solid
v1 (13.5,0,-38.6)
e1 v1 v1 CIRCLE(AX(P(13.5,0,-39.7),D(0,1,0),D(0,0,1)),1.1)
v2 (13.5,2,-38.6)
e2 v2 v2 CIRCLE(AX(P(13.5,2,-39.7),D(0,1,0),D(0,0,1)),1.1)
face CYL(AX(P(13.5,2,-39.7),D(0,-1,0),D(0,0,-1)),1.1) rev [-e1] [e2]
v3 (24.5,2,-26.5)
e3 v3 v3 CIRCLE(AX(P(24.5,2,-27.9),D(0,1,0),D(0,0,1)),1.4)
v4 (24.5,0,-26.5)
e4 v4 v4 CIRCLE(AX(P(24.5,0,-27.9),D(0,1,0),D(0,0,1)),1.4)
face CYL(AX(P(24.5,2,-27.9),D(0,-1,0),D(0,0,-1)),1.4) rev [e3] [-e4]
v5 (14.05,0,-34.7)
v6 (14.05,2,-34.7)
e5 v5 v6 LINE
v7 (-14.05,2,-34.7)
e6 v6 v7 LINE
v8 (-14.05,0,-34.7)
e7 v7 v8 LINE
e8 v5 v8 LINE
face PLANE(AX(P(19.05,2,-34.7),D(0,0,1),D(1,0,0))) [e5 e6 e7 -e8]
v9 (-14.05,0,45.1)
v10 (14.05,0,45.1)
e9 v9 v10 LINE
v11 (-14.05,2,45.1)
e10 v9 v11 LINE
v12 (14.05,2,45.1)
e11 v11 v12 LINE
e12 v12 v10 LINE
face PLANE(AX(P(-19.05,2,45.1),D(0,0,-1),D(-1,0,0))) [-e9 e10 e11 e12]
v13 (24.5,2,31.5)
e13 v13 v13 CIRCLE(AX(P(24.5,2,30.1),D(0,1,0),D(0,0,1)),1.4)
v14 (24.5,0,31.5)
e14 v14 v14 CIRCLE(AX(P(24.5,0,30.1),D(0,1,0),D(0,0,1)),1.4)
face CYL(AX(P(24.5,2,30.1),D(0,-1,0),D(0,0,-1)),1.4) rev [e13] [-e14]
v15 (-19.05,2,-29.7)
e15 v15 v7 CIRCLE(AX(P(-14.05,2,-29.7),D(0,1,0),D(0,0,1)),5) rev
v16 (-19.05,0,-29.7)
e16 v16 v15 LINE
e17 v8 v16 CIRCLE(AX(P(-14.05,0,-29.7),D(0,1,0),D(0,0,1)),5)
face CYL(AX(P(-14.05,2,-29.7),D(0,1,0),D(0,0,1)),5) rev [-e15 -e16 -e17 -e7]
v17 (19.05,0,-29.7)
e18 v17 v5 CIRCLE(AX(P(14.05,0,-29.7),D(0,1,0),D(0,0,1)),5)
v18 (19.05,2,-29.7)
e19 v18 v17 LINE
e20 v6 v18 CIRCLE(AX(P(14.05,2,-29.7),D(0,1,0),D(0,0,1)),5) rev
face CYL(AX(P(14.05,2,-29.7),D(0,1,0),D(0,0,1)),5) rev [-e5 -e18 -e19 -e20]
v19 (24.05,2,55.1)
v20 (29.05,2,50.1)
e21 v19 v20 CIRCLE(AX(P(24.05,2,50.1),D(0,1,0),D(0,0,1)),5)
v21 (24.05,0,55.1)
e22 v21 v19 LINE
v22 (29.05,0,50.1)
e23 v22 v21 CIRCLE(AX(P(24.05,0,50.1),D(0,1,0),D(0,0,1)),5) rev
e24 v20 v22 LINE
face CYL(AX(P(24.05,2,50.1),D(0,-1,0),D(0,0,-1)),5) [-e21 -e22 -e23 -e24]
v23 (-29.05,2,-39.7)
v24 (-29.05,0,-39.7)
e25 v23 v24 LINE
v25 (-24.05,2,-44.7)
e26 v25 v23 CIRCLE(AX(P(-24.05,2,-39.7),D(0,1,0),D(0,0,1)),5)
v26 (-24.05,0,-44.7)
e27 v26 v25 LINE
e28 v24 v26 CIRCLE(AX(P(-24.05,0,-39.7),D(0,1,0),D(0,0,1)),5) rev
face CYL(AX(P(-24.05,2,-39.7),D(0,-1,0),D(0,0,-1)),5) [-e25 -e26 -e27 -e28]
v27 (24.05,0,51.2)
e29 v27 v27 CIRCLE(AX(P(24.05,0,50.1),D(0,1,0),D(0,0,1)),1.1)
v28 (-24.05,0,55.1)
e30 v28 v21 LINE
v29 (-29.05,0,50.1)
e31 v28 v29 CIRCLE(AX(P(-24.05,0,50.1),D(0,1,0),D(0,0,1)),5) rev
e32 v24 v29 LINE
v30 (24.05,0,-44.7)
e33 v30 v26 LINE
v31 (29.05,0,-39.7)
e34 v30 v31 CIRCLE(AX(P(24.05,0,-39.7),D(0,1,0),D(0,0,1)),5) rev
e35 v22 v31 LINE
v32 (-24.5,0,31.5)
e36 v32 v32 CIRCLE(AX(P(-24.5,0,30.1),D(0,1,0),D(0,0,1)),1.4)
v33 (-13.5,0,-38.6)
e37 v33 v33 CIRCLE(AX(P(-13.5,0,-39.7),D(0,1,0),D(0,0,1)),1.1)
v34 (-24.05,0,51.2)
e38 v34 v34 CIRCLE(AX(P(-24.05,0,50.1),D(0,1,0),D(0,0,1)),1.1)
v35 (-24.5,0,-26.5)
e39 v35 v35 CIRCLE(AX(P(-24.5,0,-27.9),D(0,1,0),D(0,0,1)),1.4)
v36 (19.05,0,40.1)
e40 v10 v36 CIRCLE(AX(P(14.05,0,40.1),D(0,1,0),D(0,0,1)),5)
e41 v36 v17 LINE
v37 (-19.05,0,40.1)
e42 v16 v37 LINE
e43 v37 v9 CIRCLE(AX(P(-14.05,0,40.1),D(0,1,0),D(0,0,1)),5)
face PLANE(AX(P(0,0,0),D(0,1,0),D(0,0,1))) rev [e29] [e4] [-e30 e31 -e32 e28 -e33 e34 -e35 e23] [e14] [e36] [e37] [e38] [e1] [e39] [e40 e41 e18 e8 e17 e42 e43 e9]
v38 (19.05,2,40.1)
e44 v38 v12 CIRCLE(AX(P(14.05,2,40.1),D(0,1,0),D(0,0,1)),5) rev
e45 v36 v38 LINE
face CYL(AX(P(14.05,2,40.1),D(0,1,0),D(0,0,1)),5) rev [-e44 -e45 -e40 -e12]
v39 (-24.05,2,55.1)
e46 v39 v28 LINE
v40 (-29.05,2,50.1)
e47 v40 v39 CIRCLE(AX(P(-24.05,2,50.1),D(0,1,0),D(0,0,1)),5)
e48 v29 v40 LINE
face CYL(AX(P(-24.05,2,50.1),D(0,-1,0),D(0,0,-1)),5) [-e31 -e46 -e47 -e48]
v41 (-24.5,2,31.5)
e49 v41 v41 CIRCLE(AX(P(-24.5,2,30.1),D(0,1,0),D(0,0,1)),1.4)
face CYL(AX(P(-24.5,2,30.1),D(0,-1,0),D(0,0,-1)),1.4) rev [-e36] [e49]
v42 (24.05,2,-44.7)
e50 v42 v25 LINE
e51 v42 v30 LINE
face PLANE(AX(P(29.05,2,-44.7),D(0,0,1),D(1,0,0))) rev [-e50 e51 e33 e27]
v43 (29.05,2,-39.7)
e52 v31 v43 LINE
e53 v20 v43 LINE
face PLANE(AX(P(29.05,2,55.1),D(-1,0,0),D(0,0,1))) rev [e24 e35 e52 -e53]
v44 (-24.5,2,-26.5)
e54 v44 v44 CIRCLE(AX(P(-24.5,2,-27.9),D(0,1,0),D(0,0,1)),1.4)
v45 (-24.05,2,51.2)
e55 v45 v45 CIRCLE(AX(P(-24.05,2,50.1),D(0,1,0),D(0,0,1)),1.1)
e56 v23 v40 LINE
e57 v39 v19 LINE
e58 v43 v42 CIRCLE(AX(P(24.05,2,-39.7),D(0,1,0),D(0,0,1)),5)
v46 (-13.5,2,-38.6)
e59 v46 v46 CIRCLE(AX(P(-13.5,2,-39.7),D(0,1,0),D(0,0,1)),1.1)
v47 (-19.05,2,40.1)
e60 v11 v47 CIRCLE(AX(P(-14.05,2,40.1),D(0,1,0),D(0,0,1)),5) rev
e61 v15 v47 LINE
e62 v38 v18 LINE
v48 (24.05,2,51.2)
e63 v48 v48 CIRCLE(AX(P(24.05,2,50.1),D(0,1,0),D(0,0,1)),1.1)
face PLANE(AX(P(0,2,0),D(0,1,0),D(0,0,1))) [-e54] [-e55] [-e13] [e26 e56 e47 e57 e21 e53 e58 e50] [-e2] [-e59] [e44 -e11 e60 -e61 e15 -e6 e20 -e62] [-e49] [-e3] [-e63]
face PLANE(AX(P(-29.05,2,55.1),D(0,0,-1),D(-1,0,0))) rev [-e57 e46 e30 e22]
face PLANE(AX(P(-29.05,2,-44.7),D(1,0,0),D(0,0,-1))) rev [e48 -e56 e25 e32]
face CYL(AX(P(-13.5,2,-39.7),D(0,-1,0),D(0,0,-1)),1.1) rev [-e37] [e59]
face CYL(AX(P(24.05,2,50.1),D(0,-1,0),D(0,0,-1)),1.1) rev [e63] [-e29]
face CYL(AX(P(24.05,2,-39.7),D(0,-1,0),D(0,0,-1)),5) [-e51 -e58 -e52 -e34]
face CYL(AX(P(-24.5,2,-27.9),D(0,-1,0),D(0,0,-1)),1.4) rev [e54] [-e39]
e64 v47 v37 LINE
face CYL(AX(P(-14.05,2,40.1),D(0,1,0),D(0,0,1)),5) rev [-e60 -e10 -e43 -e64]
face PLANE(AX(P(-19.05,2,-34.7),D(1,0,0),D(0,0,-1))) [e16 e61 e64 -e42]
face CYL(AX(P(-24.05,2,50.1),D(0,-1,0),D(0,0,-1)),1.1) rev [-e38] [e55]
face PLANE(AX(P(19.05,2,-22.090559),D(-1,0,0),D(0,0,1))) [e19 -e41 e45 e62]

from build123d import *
from build123d.topology import SkipClean

# Parameters (mm, degrees)
SKETCH3_W           = 58.1
SKETCH3_H           = 99.8
SKETCH3_R           = 1.1
SKETCH3_R_2         = 0.95
SKETCH3_R_3         = 1.4
BOSS_EXTRUDE1_DEPTH = 2
FILLET1_R           = 5
FILLET2_R           = 3
FILLET3_R           = 10
BOSS_EXTRUDE2_START = 1
SKETCH4_R           = 1.6
SKETCH4_R_2         = 0.95
BOSS_EXTRUDE2_DEPTH = 1
SKETCH5_W           = 38.1
SKETCH5_H           = 61.132694782
CUT_EXTRUDE1_DEPTH  = 63.361145756


with BuildPart() as part:
    # Sketch3 → Boss-Extrude1 (new body)
    with BuildSketch(Plane(origin=(0, 0, 0), x_dir=(1, 0, 0), z_dir=(0, 1, 0))):
        with Locations((0, -5.2)):
            Rectangle(SKETCH3_W, SKETCH3_H)
        with Locations(Location((24.05, -50.1, 0), (0, 0, 270))):
            Circle(SKETCH3_R, mode=Mode.SUBTRACT)
        with Locations(Location((-10.3, -10.3, 0), (0, 0, 270))):
            Circle(SKETCH3_R_2, mode=Mode.SUBTRACT)
        with Locations(Location((13.5, 39.7, 0), (0, 0, 270))):
            Circle(SKETCH3_R, mode=Mode.SUBTRACT)
        with Locations(Location((-13.5, 39.7, 0), (0, 0, 270))):
            Circle(SKETCH3_R, mode=Mode.SUBTRACT)
        with Locations(Location((-24.05, -50.1, 0), (0, 0, 270))):
            Circle(SKETCH3_R, mode=Mode.SUBTRACT)
        with Locations(Location((-24.5, 27.9, 0), (0, 0, 270))):
            Circle(SKETCH3_R_3, mode=Mode.SUBTRACT)
        with Locations(Location((24.5, 27.9, 0), (0, 0, 270))):
            Circle(SKETCH3_R_3, mode=Mode.SUBTRACT)
        with Locations(Location((10.3, 10.3, 0), (0, 0, 270))):
            Circle(SKETCH3_R_2, mode=Mode.SUBTRACT)
        with Locations(Location((10.3, -10.3, 0), (0, 0, 270))):
            Circle(SKETCH3_R_2, mode=Mode.SUBTRACT)
        with Locations(Location((-10.3, 10.3, 0), (0, 0, 270))):
            Circle(SKETCH3_R_2, mode=Mode.SUBTRACT)
        with Locations(Location((-24.5, -30.1, 0), (0, 0, 270))):
            Circle(SKETCH3_R_3, mode=Mode.SUBTRACT)
        with Locations(Location((24.5, -30.1, 0), (0, 0, 270))):
            Circle(SKETCH3_R_3, mode=Mode.SUBTRACT)
        with BuildLine():
            Line((19.05, -45.1), (19.05, -22.090559159))
            Line((19.05, -22.090559159), (8.77972042, -11.82027958))
            ThreePointArc((8.77972042, -11.82027958), (8.77972042, -8.77972042), (11.82027958, -8.77972042))
            Line((11.82027958, -8.77972042), (19.05, -16.009440841))
            Line((19.05, -16.009440841), (19.05, 16.009440841))
            Line((19.05, 16.009440841), (11.82027958, 8.77972042))
            ThreePointArc((11.82027958, 8.77972042), (8.77972042, 8.77972042), (8.77972042, 11.82027958))
            Line((8.77972042, 11.82027958), (19.05, 22.090559159))
            Line((19.05, 22.090559159), (19.05, 34.7))
            Line((19.05, 34.7), (-19.05, 34.7))
            Line((-19.05, 34.7), (-19.05, 22.090559159))
            Line((-19.05, 22.090559159), (-8.77972042, 11.82027958))
            ThreePointArc((-8.77972042, 11.82027958), (-8.77972042, 8.77972042), (-11.82027958, 8.77972042))
            Line((-11.82027958, 8.77972042), (-19.05, 16.009440841))
            Line((-19.05, 16.009440841), (-19.05, -16.009440841))
            Line((-19.05, -16.009440841), (-11.82027958, -8.77972042))
            ThreePointArc((-11.82027958, -8.77972042), (-8.77972042, -8.77972042), (-8.77972042, -11.82027958))
            Line((-8.77972042, -11.82027958), (-19.05, -22.090559159))
            Line((-19.05, -22.090559159), (-19.05, -45.1))
            Line((-19.05, -45.1), (19.05, -45.1))
        make_face(mode=Mode.SUBTRACT)
    extrude(amount=BOSS_EXTRUDE1_DEPTH)

    # Fillet1
    fillet1_edges = [part.edges().sort_by_distance(p)[0] for p in [
        (19.05, 1, -34.7),
        (-19.05, 1, -34.7),
        (-19.05, 1, 45.1),
        (19.05, 1, 45.1),
        (29.05, 1, -44.7),
        (29.05, 1, 55.1),
        (-29.05, 1, 55.1),
        (-29.05, 1, -44.7),
    ]]
    fillet(fillet1_edges, radius=FILLET1_R)

    # Fillet2
    fillet2_edges = [part.edges().sort_by_distance(p)[0] for p in [
        (-19.05, 1, -16.009440841),
        (-19.05, 1, 16.009440841),
        (19.05, 1, 16.009440841),
        (19.05, 1, -16.009440841),
    ]]
    fillet(fillet2_edges, radius=FILLET2_R)

    # Fillet3
    fillet3_edges = [part.edges().sort_by_distance(p)[0] for p in [
        (19.05, 1, -22.090559159),
        (-19.05, 1, -22.090559159),
        (-19.05, 1, 22.090559159),
        (19.05, 1, 22.090559159),
    ]]
    fillet(fillet3_edges, radius=FILLET3_R)

    # Sketch4 → Boss-Extrude2 (add)
    # profile 1 of 4: a face of its own
    with SkipClean():  # the faces are left unmerged after this step: merging them gives an invalid solid
        with BuildSketch(Plane.XZ.offset(BOSS_EXTRUDE2_START)):
            with Locations(Location((-10.3, 10.3, 0), (0, 0, 90))):
                Circle(SKETCH4_R)
            with Locations(Location((-10.3, 10.3, 0), (0, 0, 270))):
                Circle(SKETCH4_R_2, mode=Mode.SUBTRACT)
        # profile 2 of 4: a face of its own
        with BuildSketch(Plane.XZ.offset(BOSS_EXTRUDE2_START)):
            with Locations(Location((10.3, 10.3, 0), (0, 0, 90))):
                Circle(SKETCH4_R)
            with Locations(Location((10.3, 10.3, 0), (0, 0, 270))):
                Circle(SKETCH4_R_2, mode=Mode.SUBTRACT)
        # profile 3 of 4: a face of its own
        with BuildSketch(Plane.XZ.offset(BOSS_EXTRUDE2_START)):
            with Locations(Location((10.3, -10.3, 0), (0, 0, 90))):
                Circle(SKETCH4_R)
            with Locations(Location((10.3, -10.3, 0), (0, 0, 270))):
                Circle(SKETCH4_R_2, mode=Mode.SUBTRACT)
        # profile 4 of 4: a face of its own
        with BuildSketch(Plane.XZ.offset(BOSS_EXTRUDE2_START)):
            with Locations(Location((-10.3, -10.3, 0), (0, 0, 90))):
                Circle(SKETCH4_R)
            with Locations(Location((-10.3, -10.3, 0), (0, 0, 270))):
                Circle(SKETCH4_R_2, mode=Mode.SUBTRACT)
        extrude(amount=-BOSS_EXTRUDE2_DEPTH)

    # Sketch5 → Cut-Extrude1 (cut, through all)
    with BuildSketch(Plane(origin=(0, 2, 0), x_dir=(1, 0, 0), z_dir=(0, 1, 0))):
        with Locations((0, -2.6)):
            Rectangle(SKETCH5_W, SKETCH5_H)
    extrude(amount=-CUT_EXTRUDE1_DEPTH, mode=Mode.SUBTRACT)


solid = part.part
